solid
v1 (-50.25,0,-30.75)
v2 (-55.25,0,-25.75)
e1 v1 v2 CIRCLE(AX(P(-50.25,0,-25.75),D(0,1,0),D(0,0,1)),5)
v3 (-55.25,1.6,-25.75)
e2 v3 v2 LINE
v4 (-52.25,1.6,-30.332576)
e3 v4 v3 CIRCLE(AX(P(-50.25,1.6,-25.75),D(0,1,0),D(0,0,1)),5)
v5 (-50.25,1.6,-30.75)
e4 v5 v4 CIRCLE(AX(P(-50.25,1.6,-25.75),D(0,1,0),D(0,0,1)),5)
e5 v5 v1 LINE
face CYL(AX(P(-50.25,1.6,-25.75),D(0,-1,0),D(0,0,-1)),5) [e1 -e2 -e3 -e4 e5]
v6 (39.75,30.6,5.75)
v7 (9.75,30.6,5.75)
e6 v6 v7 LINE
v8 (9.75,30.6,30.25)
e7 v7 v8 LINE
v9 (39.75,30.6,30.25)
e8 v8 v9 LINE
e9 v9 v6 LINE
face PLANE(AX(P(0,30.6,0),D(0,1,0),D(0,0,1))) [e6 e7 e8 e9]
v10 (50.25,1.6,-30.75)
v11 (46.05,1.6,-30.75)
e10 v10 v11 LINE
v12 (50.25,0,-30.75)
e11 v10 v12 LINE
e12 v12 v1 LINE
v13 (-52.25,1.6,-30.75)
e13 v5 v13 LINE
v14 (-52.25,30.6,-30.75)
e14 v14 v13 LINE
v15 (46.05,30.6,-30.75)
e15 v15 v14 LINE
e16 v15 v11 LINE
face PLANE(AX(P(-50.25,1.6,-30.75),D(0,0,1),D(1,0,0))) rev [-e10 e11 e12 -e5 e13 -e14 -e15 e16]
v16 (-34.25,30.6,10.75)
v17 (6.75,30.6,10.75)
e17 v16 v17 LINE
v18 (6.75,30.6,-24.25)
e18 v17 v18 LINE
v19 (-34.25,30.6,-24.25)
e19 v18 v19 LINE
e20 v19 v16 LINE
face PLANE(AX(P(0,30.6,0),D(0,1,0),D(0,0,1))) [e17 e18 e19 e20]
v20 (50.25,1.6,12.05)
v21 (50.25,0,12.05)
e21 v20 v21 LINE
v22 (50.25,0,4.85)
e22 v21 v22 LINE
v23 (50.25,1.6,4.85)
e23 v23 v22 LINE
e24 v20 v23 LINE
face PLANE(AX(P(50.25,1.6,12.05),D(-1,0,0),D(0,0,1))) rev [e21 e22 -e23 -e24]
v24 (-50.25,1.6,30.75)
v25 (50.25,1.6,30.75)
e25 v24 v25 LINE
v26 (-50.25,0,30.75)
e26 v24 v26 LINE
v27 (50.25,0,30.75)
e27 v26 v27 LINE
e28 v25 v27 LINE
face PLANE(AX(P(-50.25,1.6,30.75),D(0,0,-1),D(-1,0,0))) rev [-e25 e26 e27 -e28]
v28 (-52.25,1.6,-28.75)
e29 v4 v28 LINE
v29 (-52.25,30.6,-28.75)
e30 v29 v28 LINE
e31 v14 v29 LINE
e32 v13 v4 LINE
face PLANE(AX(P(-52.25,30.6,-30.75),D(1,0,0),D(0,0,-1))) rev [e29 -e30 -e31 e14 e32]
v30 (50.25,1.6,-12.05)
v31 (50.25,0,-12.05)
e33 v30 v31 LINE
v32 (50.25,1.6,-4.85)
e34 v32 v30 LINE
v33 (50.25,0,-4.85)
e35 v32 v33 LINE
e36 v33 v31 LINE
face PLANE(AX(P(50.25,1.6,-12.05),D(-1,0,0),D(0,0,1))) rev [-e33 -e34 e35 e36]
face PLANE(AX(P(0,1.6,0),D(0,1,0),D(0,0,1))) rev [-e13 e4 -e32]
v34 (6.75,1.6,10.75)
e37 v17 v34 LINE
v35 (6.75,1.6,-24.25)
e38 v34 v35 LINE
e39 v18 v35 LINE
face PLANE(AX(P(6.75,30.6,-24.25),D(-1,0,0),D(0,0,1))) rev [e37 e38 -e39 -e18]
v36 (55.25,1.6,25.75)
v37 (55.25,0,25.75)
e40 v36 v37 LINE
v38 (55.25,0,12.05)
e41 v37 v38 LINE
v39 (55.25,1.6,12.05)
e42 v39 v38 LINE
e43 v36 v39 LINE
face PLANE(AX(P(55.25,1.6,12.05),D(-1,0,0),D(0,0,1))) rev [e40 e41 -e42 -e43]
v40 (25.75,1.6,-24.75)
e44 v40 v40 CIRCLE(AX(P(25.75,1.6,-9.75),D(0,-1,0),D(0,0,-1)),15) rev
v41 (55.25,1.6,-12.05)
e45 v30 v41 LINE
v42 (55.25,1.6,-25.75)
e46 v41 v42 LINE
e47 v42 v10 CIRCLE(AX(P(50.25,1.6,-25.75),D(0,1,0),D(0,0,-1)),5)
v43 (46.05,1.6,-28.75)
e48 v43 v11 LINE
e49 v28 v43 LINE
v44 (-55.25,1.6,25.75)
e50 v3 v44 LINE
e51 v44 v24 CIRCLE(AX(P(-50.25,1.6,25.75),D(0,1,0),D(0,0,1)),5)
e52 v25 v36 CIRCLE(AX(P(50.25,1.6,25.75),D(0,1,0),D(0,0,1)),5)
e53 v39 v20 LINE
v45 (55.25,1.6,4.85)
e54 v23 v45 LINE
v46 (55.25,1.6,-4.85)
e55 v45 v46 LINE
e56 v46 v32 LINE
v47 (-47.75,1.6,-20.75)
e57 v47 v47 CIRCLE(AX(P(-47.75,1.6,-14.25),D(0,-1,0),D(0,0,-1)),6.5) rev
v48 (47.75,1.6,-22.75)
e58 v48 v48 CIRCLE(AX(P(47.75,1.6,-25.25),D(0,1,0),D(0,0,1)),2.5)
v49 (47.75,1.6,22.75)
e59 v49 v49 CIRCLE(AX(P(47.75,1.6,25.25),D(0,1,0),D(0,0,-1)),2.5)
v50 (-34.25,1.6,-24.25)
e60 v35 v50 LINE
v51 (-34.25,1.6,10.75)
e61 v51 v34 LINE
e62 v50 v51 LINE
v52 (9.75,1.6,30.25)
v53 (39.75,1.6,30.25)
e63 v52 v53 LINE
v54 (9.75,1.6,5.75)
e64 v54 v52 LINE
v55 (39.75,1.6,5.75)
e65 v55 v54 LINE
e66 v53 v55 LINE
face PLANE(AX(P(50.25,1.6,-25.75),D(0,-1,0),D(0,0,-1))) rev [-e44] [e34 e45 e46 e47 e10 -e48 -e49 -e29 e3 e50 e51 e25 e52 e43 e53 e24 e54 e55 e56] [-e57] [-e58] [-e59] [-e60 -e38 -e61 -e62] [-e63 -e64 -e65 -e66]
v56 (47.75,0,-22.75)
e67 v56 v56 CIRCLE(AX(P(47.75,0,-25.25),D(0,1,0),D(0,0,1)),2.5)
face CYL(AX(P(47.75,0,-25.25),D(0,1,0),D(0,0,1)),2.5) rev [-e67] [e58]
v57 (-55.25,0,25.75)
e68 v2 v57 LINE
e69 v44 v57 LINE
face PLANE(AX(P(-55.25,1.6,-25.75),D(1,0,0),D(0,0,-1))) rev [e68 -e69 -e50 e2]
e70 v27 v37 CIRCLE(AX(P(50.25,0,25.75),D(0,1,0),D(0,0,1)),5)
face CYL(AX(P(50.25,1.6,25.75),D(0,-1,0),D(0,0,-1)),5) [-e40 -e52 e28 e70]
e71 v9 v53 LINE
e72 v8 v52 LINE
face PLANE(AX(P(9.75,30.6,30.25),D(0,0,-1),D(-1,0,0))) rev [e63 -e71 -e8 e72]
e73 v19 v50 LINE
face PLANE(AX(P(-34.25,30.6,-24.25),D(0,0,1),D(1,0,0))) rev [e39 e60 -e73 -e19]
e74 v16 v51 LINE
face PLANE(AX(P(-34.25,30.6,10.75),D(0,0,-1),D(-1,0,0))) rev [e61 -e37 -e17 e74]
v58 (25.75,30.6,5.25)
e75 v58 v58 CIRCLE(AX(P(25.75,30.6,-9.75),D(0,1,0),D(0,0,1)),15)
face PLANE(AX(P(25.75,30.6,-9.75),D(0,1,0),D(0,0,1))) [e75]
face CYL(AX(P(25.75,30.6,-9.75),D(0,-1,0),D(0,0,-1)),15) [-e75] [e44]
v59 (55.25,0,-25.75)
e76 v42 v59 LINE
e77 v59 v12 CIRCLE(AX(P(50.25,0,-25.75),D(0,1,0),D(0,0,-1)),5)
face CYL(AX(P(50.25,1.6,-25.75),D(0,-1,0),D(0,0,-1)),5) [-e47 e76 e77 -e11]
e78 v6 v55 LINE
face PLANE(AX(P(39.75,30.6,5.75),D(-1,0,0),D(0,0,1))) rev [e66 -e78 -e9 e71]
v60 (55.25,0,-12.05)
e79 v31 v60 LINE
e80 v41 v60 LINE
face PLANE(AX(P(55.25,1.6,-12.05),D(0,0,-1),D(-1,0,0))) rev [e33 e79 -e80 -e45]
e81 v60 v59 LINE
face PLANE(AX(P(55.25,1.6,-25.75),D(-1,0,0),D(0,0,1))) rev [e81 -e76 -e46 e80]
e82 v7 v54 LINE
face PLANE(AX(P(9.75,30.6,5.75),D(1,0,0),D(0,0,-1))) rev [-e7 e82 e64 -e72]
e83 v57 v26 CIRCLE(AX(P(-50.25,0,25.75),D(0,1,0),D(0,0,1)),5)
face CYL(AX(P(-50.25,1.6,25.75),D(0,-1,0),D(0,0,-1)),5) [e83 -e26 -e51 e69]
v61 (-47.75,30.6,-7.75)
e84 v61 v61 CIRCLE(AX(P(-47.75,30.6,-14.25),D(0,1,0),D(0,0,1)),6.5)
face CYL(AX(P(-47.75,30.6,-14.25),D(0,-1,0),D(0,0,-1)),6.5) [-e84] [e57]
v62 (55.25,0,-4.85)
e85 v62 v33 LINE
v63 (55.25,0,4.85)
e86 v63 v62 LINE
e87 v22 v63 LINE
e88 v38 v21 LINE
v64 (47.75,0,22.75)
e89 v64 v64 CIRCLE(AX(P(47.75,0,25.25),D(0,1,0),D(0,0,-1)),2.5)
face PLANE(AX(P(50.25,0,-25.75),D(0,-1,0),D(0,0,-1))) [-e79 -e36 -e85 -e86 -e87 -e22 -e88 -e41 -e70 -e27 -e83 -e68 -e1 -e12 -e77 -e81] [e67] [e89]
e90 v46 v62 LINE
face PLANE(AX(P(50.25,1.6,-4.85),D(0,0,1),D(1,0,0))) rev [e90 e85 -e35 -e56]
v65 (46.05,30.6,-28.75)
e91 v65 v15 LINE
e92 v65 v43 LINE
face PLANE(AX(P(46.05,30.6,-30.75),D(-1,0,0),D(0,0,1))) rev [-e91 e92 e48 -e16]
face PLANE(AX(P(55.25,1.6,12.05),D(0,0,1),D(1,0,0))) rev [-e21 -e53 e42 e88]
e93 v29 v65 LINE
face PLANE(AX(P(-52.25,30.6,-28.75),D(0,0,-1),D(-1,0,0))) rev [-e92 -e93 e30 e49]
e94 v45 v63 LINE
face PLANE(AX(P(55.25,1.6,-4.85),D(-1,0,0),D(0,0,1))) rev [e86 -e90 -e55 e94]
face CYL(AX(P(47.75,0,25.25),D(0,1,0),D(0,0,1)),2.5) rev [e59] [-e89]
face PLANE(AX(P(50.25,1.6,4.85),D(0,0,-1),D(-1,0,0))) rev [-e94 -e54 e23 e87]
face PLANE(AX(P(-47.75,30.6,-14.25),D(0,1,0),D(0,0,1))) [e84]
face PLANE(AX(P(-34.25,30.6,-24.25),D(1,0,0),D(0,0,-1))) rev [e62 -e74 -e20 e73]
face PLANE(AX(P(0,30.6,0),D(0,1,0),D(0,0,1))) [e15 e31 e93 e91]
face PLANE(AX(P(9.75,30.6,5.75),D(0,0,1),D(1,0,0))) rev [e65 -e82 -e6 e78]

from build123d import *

# Parameters (mm, degrees)
EXTRUDE_1_DEPTH     = 1.6
SKETCH_2_R          = 2.5
CUT_EXTRUDE_1_DEPTH = 1.6
SKETCH_3_R          = 15
SKETCH_3_R_2        = 6.5
SKETCH_3_W          = 98.3
SKETCH_3_H          = 2
SKETCH_3_W_2        = 30
SKETCH_3_H_2        = 24.5
SKETCH_3_W_3        = 41
SKETCH_3_H_3        = 35
EXTRUDE_2_DEPTH     = 29


with BuildPart() as part:
    # 草图1 → 凸台-拉伸1 (new body)
    with BuildSketch(Plane(origin=(0, 0, 0), x_dir=(1, 0, 0), z_dir=(0, 1, 0))):
        with BuildLine():
            Line((55.25, 12.05), (50.25, 12.05))
            Line((50.25, 12.05), (50.25, 4.85))
            Line((50.25, 4.85), (55.25, 4.85))
            Line((55.25, 4.85), (55.25, -4.85))
            Line((55.25, -4.85), (50.25, -4.85))
            Line((50.25, -4.85), (50.25, -12.05))
            Line((50.25, -12.05), (55.25, -12.05))
            Line((55.25, -12.05), (55.25, -25.75))
            ThreePointArc((55.25, -25.75), (53.785533906, -29.285533906), (50.25, -30.75))
            Line((50.25, -30.75), (-50.25, -30.75))
            ThreePointArc((-50.25, -30.75), (-53.785533906, -29.285533906), (-55.25, -25.75))
            Line((-55.25, -25.75), (-55.25, 25.75))
            ThreePointArc((-55.25, 25.75), (-53.785533906, 29.285533906), (-50.25, 30.75))
            Line((-50.25, 30.75), (50.25, 30.75))
            ThreePointArc((50.25, 30.75), (53.785533906, 29.285533906), (55.25, 25.75))
            Line((55.25, 25.75), (55.25, 12.05))
        make_face()
    extrude(amount=EXTRUDE_1_DEPTH)

    # 草图2 → 切除-拉伸1 (cut)
    with BuildSketch(Plane(origin=(0, 1.6, 0), x_dir=(1, 0, 0), z_dir=(0, 1, 0))):
        with Locations((47.75, 25.25)):
            Circle(SKETCH_2_R)
        with Locations((47.75, -25.25)):
            Circle(SKETCH_2_R)
    extrude(amount=-CUT_EXTRUDE_1_DEPTH, mode=Mode.SUBTRACT)

    # 草图3 → 凸台-拉伸2 (add)
    with BuildSketch(Plane(origin=(0, 1.6, 0), x_dir=(1, 0, 0), z_dir=(0, 1, 0))):
        with Locations((25.75, 9.75)):
            Circle(SKETCH_3_R)
        with Locations((-47.75, 14.25)):
            Circle(SKETCH_3_R_2)
        with Locations((-3.1, 29.75)):
            Rectangle(SKETCH_3_W, SKETCH_3_H)
        with Locations((24.75, -18)):
            Rectangle(SKETCH_3_W_2, SKETCH_3_H_2)
        with Locations((-13.75, 6.75)):
            Rectangle(SKETCH_3_W_3, SKETCH_3_H_3)
    extrude(amount=EXTRUDE_2_DEPTH)


solid = part.part
